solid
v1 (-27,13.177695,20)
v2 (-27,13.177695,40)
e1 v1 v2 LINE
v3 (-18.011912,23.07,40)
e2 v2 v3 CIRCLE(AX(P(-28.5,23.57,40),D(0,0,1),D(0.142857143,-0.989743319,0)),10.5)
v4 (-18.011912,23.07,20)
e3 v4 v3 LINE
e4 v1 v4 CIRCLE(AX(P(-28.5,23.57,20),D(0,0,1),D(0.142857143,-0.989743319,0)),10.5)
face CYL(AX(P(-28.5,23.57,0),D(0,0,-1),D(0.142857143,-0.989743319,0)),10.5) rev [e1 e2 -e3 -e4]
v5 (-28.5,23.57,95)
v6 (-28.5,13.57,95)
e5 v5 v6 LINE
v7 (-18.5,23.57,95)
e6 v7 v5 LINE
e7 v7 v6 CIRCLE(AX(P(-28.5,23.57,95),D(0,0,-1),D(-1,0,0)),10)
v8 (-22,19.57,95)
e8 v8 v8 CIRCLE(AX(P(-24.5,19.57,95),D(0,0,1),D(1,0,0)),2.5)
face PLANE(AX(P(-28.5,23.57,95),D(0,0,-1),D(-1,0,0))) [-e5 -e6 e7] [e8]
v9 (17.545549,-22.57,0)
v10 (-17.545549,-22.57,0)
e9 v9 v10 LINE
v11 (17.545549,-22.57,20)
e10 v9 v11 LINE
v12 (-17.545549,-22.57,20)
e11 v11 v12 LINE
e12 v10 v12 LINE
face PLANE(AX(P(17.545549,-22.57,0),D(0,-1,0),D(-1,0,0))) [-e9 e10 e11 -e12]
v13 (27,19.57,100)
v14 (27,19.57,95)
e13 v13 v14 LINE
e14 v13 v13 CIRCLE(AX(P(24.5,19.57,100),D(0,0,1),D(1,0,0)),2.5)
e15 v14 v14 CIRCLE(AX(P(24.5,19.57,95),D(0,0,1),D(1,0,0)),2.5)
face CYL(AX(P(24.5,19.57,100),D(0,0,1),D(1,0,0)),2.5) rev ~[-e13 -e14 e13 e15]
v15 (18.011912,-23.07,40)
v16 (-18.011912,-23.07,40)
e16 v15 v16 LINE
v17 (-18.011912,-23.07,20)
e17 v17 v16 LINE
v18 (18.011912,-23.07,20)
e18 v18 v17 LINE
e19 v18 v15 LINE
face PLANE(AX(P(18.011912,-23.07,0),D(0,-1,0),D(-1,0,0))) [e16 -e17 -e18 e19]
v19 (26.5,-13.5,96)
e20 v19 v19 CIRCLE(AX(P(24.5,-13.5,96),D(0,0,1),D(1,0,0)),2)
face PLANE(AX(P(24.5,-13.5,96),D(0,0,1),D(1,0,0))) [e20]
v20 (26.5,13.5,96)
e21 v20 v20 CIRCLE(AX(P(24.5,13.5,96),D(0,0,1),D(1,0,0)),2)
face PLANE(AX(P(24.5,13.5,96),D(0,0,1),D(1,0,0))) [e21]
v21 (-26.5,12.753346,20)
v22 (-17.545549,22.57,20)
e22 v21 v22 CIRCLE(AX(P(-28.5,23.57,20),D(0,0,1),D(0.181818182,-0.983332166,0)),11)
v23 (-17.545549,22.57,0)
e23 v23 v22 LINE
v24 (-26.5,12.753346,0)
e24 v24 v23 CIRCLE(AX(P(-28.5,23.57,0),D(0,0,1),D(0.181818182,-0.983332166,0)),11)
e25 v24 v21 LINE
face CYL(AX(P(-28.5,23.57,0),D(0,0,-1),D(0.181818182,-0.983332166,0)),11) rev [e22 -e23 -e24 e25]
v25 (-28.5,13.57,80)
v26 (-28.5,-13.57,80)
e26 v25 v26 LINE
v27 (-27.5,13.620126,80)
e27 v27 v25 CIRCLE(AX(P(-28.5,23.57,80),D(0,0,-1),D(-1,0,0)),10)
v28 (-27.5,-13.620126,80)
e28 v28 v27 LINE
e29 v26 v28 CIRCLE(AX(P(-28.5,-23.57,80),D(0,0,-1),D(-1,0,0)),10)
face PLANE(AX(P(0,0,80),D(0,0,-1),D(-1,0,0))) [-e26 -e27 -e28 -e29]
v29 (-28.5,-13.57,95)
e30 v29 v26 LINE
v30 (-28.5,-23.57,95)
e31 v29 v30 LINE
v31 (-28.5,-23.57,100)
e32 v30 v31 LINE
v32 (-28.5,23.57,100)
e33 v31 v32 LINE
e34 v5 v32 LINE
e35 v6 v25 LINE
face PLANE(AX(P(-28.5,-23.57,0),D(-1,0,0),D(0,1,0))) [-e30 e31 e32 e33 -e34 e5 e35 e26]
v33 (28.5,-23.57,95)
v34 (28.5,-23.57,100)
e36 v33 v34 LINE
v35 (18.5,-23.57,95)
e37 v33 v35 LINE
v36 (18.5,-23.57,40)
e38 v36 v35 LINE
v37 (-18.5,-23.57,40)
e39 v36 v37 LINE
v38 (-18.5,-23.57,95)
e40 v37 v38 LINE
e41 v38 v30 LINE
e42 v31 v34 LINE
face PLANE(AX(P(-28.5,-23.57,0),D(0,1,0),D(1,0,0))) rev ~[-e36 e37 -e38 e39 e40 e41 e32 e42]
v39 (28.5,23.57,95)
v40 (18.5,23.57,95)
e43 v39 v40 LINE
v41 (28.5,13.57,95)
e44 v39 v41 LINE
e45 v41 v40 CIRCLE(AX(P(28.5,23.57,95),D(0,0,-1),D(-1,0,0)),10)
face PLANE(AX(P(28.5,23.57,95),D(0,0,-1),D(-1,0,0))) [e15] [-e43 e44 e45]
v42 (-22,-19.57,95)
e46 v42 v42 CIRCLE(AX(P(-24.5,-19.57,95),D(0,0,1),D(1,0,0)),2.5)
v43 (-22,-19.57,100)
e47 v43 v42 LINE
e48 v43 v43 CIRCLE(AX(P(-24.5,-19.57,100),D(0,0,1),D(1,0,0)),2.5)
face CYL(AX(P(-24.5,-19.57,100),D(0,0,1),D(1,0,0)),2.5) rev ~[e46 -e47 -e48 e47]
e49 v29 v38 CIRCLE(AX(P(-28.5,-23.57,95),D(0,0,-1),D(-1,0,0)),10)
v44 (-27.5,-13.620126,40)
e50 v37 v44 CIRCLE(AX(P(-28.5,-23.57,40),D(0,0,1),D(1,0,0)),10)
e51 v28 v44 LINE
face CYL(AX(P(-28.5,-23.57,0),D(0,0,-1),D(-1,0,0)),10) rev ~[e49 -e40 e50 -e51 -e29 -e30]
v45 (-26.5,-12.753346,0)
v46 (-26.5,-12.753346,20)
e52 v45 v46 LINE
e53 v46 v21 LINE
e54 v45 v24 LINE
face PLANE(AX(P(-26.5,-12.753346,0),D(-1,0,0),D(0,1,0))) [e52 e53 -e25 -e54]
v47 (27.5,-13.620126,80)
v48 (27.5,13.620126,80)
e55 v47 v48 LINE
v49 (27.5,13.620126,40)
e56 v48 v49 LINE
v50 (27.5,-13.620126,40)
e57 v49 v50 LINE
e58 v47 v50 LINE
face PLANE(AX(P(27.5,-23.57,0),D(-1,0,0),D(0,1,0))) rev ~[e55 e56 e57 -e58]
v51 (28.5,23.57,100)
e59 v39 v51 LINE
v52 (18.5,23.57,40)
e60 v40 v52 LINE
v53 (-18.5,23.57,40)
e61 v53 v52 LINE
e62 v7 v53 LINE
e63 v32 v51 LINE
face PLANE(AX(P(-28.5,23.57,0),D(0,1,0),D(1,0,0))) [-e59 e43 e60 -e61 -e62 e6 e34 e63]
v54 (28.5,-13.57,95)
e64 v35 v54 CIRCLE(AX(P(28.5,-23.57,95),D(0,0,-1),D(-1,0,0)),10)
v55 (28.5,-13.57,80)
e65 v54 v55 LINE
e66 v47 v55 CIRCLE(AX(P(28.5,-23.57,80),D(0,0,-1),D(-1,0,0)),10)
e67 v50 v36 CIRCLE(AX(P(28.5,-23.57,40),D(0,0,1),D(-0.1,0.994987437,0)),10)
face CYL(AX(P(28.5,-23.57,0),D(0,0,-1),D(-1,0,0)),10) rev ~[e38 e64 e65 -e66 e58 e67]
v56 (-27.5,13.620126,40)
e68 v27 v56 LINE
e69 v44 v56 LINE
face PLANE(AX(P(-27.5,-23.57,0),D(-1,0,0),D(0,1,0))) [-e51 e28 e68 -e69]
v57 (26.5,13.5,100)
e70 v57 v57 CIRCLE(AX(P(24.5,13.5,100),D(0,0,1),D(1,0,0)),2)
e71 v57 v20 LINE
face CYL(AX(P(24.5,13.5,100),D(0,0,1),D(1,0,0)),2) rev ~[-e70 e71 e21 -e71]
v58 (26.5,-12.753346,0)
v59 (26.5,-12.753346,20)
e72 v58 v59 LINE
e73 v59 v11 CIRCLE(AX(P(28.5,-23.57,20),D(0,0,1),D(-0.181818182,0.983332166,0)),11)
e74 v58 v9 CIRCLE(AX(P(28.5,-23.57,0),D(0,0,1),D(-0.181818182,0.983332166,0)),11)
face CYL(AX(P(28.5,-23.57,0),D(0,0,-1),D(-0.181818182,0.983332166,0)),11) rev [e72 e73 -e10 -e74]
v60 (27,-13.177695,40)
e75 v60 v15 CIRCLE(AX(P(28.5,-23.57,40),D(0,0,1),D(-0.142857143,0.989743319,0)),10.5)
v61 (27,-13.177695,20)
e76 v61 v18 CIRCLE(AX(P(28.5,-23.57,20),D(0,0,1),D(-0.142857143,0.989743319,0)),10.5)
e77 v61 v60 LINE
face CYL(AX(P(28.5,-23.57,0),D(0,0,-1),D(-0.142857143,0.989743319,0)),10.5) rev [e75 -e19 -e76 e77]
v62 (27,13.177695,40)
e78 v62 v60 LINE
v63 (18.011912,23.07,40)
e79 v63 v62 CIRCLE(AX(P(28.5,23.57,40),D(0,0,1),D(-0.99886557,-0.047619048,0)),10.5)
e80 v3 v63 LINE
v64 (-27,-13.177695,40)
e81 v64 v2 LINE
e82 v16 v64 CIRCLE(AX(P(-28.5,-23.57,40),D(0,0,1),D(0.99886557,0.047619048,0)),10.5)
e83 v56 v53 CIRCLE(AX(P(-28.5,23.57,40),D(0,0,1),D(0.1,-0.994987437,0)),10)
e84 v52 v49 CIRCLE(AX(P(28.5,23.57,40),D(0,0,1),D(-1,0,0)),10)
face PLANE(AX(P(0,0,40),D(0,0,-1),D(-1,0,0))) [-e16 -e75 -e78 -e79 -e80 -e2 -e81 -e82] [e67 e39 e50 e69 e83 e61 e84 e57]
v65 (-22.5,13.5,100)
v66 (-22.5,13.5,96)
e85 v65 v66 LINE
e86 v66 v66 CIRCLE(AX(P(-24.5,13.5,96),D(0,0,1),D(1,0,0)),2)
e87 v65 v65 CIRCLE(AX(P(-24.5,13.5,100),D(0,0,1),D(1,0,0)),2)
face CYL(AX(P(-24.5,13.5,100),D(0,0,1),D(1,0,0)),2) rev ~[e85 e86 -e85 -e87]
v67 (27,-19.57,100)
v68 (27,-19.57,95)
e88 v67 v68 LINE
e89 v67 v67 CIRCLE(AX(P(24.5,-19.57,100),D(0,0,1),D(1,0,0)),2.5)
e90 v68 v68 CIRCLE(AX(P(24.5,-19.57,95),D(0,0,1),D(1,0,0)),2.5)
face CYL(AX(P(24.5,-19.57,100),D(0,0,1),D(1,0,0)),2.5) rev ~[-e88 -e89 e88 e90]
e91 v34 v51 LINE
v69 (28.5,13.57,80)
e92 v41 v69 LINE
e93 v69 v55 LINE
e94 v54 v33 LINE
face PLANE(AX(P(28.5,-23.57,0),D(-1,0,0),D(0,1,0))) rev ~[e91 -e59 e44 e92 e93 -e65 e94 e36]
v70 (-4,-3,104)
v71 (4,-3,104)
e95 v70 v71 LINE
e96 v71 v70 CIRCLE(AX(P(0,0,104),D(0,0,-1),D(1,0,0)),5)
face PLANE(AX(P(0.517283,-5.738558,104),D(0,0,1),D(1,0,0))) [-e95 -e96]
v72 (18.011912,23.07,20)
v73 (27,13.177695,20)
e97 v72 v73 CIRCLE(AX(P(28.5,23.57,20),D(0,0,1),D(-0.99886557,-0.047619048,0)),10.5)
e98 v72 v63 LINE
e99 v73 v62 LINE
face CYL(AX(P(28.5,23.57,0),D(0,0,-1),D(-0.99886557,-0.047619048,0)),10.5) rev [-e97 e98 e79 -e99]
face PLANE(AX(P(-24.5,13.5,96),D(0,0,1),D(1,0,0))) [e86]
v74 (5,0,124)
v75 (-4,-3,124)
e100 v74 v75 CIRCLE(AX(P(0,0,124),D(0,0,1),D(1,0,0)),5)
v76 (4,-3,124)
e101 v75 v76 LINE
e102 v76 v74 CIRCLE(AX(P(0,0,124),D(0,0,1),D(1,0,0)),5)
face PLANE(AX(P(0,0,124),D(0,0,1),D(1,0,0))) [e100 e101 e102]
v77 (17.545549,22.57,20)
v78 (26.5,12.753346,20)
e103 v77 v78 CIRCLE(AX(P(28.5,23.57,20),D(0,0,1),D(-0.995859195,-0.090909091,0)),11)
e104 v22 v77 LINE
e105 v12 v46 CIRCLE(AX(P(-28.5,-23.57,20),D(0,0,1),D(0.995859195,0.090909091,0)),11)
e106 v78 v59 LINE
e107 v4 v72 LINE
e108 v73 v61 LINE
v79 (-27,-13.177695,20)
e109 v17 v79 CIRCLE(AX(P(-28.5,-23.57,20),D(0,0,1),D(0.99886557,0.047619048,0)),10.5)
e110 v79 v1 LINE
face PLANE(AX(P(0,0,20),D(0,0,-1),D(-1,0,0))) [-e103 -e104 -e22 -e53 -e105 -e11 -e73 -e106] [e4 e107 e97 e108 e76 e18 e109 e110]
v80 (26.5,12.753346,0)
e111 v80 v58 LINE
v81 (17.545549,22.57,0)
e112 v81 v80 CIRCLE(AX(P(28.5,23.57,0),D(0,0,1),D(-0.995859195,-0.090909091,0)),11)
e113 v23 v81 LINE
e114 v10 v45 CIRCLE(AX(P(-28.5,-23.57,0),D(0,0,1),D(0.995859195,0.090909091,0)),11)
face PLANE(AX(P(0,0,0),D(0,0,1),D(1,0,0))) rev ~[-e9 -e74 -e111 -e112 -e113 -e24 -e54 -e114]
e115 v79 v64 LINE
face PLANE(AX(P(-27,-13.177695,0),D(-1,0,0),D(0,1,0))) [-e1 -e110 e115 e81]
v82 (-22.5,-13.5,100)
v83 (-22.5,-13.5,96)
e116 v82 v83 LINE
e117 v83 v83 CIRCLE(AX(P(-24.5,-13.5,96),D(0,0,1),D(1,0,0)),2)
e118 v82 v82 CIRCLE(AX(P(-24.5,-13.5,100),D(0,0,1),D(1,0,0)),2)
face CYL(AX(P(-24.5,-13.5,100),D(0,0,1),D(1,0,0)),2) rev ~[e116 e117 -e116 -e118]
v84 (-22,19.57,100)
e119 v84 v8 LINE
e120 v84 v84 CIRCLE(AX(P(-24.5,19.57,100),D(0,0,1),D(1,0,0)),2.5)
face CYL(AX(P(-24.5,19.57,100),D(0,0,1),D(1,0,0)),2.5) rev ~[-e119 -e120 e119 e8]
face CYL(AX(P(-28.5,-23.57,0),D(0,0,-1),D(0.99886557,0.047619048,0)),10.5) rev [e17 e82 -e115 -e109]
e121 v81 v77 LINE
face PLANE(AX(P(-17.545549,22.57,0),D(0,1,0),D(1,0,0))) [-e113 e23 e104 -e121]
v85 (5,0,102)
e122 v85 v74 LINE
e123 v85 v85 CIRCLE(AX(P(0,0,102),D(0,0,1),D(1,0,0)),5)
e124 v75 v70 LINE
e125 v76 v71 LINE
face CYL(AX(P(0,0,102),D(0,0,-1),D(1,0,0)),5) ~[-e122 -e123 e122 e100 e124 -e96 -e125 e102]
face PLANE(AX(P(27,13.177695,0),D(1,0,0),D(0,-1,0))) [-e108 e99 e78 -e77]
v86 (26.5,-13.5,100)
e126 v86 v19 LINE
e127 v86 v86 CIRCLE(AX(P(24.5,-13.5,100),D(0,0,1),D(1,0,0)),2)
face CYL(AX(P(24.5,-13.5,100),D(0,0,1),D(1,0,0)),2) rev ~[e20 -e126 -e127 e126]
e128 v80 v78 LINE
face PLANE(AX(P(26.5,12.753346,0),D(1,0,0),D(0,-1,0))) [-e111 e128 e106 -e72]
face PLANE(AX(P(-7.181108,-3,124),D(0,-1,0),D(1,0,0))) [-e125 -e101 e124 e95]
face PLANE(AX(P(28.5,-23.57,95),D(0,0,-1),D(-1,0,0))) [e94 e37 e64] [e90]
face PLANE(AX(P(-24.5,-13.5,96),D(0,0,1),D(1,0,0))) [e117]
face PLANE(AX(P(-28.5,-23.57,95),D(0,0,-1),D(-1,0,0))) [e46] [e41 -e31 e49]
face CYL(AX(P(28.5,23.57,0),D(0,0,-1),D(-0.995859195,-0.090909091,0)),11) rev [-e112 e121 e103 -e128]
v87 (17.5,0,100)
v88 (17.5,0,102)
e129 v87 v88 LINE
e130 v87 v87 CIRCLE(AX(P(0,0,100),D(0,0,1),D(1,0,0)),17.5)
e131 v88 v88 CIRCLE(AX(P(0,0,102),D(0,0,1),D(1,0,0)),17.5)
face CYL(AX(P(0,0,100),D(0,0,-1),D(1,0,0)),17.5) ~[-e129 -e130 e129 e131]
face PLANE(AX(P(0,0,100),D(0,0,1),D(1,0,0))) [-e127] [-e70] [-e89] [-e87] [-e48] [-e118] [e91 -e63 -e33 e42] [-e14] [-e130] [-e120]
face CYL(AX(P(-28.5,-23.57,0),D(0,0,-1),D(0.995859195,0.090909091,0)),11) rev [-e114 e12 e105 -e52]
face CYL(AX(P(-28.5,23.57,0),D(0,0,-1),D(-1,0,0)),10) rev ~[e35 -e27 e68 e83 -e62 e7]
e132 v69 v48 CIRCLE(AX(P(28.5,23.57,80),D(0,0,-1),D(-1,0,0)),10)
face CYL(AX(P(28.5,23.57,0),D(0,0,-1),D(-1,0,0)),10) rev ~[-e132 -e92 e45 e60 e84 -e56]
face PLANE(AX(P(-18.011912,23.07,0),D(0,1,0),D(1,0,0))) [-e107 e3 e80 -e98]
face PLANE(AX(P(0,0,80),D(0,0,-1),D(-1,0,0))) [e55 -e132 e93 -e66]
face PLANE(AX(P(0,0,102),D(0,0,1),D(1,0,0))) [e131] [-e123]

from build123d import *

# Parameters (mm, degrees)
SKETCH_2_W           = 57
SKETCH_2_H           = 47.14
EXTRUDE_1_DEPTH      = 100
SKETCH_3_R           = 17.5
EXTRUDE_2_DEPTH      = 2
SKETCH_4_R           = 5
EXTRUDE_3_DEPTH      = 22
SKETCH_5_W           = 15.396782634
SKETCH_5_H           = 5.477116352
CUT_EXTRUDE_1_DEPTH  = 20
SKETCH_7_R           = 10
CUT_EXTRUDE_2_DEPTH  = 95
SKETCH_8_R           = 2.5
CUT_EXTRUDE_3_DEPTH  = 90
SKETCH_9_OUTSIDE_W   = 87.878
SKETCH_9_OUTSIDE_H   = 78.018
SKETCH_9_OUTSIDE_W_2 = 55
SKETCH_9_OUTSIDE_H_2 = 47.14
CUT_EXTRUDE_4_DEPTH  = 80
CUT_EXTRUDE_5_DEPTH  = 40
CUT_EXTRUDE_6_DEPTH  = 20
SKETCH_12_R          = 2
CUT_EXTRUDE_7_DEPTH  = 4


with BuildPart() as part:
    # 草图2 → 凸台-拉伸1 (new body)
    with BuildSketch(Plane.XY):
        Rectangle(SKETCH_2_W, SKETCH_2_H)
    extrude(amount=EXTRUDE_1_DEPTH)

    # 草图3 → 凸台-拉伸2 (add)
    with BuildSketch(Plane.XY.offset(100)):
        Circle(SKETCH_3_R)
    extrude(amount=EXTRUDE_2_DEPTH)

    # 草图4 → 凸台-拉伸3 (add)
    with BuildSketch(Plane.XY.offset(102)):
        Circle(SKETCH_4_R)
    extrude(amount=EXTRUDE_3_DEPTH)

    # 草图5 → 切除-拉伸1 (cut)
    with BuildSketch(Plane.XY.offset(124)):
        with Locations((0.517283211, -5.738558176)):
            Rectangle(SKETCH_5_W, SKETCH_5_H)
    extrude(amount=-CUT_EXTRUDE_1_DEPTH, mode=Mode.SUBTRACT)

    # 草图7 → 切除-拉伸2 (cut)
    with BuildSketch(Plane(origin=(0, 0, 0), x_dir=(-1, 0, 0), z_dir=(0, 0, -1))):
        with Locations((28.5, 23.57)):
            Circle(SKETCH_7_R)
        with Locations((28.5, -23.57)):
            Circle(SKETCH_7_R)
        with Locations((-28.5, -23.57)):
            Circle(SKETCH_7_R)
        with Locations((-28.5, 23.57)):
            Circle(SKETCH_7_R)
    extrude(amount=-CUT_EXTRUDE_2_DEPTH, mode=Mode.SUBTRACT)

    # 草图8 → 切除-拉伸3 (cut)
    with BuildSketch(Plane.XY.offset(100)):
        with Locations((-24.5, 19.57)):
            Circle(SKETCH_8_R)
        with Locations((24.5, 19.57)):
            Circle(SKETCH_8_R)
        with Locations((24.5, -19.57)):
            Circle(SKETCH_8_R)
        with Locations((-24.5, -19.57)):
            Circle(SKETCH_8_R)
    extrude(amount=-CUT_EXTRUDE_3_DEPTH, mode=Mode.SUBTRACT)

    # 草图9 outside → 切除-拉伸4 (cut)
    with BuildSketch(Plane(origin=(0, 0, 0), x_dir=(-1, 0, 0), z_dir=(0, 0, -1))):
        Rectangle(SKETCH_9_OUTSIDE_W, SKETCH_9_OUTSIDE_H)
        Rectangle(SKETCH_9_OUTSIDE_W_2, SKETCH_9_OUTSIDE_H_2, mode=Mode.SUBTRACT)
    extrude(amount=-CUT_EXTRUDE_4_DEPTH, mode=Mode.SUBTRACT)

    # 草图10 → 切除-拉伸5 (cut)
    with BuildSketch(Plane(origin=(0, 0, 0), x_dir=(-1, 0, 0), z_dir=(0, 0, -1))):
        with BuildLine():
            Line((-27.5, 13.620125629), (-27.5, -13.620125629))
            ThreePointArc((-27.5, -13.620125629), (-21.083801513, -16.861796068), (-18.5, -23.57))
            Line((-18.5, -23.57), (18.5, -23.57))
            ThreePointArc((18.5, -23.57), (21.083801513, -16.861796068), (27.5, -13.620125629))
            Line((27.5, -13.620125629), (27.5, 13.620125629))
            ThreePointArc((27.5, 13.620125629), (21.083801513, 16.861796068), (18.5, 23.57))
            Line((18.5, 23.57), (-18.5, 23.57))
            ThreePointArc((-18.5, 23.57), (-21.083801513, 16.861796068), (-27.5, 13.620125629))
        make_face()
        with BuildLine():
            Line((-27, 13.177695155), (-27, -13.177695155))
            ThreePointArc((-27, -13.177695155), (-20.728707305, -16.509050358), (-18.011911518, -23.07))
            Line((-18.011911518, -23.07), (18.011911518, -23.07))
            ThreePointArc((18.011911518, -23.07), (20.728707305, -16.509050358), (27, -13.177695155))
            Line((27, -13.177695155), (27, 13.177695155))
            ThreePointArc((27, 13.177695155), (20.728707305, 16.509050358), (18.011911518, 23.07))
            Line((18.011911518, 23.07), (-18.011911518, 23.07))
            ThreePointArc((-18.011911518, 23.07), (-20.728707305, 16.509050358), (-27, 13.177695155))
        make_face(mode=Mode.SUBTRACT)
    extrude(amount=-CUT_EXTRUDE_5_DEPTH, mode=Mode.SUBTRACT)

    # 草图11 → 切除-拉伸6 (cut)
    with BuildSketch(Plane(origin=(0, 0, 0), x_dir=(-1, 0, 0), z_dir=(0, 0, -1))):
        with BuildLine():
            Line((-27, 13.177695155), (-27, -13.177695155))
            ThreePointArc((-27, -13.177695155), (-20.728707305, -16.509050358), (-18.011911518, -23.07))
            Line((-18.011911518, -23.07), (18.011911518, -23.07))
            ThreePointArc((18.011911518, -23.07), (20.728707305, -16.509050358), (27, -13.177695155))
            Line((27, -13.177695155), (27, 13.177695155))
            ThreePointArc((27, 13.177695155), (20.728707305, 16.509050358), (18.011911518, 23.07))
            Line((18.011911518, 23.07), (-18.011911518, 23.07))
            ThreePointArc((-18.011911518, 23.07), (-20.728707305, 16.509050358), (-27, 13.177695155))
        make_face()
        with BuildLine():
            Line((17.54554885, 22.57), (-17.54554885, 22.57))
            ThreePointArc((-17.54554885, 22.57), (-20.373123341, 16.156911861), (-26.5, 12.753346174))
            Line((-26.5, 12.753346174), (-26.5, -12.753346174))
            ThreePointArc((-26.5, -12.753346174), (-20.373123341, -16.156911861), (-17.54554885, -22.57))
            Line((-17.54554885, -22.57), (17.54554885, -22.57))
            ThreePointArc((17.54554885, -22.57), (20.373123341, -16.156911861), (26.5, -12.753346174))
            Line((26.5, -12.753346174), (26.5, 12.753346174))
            ThreePointArc((26.5, 12.753346174), (20.373123341, 16.156911861), (17.54554885, 22.57))
        make_face(mode=Mode.SUBTRACT)
    extrude(amount=-CUT_EXTRUDE_6_DEPTH, mode=Mode.SUBTRACT)

    # 草图12 → 切除-拉伸7 (cut)
    with BuildSketch(Plane.XY.offset(100)):
        with Locations((-24.5, 13.5)):
            Circle(SKETCH_12_R)
        with Locations((-24.5, -13.5)):
            Circle(SKETCH_12_R)
        with Locations((24.5, -13.5)):
            Circle(SKETCH_12_R)
        with Locations((24.5, 13.5)):
            Circle(SKETCH_12_R)
    extrude(amount=-CUT_EXTRUDE_7_DEPTH, mode=Mode.SUBTRACT)


solid = part.part
